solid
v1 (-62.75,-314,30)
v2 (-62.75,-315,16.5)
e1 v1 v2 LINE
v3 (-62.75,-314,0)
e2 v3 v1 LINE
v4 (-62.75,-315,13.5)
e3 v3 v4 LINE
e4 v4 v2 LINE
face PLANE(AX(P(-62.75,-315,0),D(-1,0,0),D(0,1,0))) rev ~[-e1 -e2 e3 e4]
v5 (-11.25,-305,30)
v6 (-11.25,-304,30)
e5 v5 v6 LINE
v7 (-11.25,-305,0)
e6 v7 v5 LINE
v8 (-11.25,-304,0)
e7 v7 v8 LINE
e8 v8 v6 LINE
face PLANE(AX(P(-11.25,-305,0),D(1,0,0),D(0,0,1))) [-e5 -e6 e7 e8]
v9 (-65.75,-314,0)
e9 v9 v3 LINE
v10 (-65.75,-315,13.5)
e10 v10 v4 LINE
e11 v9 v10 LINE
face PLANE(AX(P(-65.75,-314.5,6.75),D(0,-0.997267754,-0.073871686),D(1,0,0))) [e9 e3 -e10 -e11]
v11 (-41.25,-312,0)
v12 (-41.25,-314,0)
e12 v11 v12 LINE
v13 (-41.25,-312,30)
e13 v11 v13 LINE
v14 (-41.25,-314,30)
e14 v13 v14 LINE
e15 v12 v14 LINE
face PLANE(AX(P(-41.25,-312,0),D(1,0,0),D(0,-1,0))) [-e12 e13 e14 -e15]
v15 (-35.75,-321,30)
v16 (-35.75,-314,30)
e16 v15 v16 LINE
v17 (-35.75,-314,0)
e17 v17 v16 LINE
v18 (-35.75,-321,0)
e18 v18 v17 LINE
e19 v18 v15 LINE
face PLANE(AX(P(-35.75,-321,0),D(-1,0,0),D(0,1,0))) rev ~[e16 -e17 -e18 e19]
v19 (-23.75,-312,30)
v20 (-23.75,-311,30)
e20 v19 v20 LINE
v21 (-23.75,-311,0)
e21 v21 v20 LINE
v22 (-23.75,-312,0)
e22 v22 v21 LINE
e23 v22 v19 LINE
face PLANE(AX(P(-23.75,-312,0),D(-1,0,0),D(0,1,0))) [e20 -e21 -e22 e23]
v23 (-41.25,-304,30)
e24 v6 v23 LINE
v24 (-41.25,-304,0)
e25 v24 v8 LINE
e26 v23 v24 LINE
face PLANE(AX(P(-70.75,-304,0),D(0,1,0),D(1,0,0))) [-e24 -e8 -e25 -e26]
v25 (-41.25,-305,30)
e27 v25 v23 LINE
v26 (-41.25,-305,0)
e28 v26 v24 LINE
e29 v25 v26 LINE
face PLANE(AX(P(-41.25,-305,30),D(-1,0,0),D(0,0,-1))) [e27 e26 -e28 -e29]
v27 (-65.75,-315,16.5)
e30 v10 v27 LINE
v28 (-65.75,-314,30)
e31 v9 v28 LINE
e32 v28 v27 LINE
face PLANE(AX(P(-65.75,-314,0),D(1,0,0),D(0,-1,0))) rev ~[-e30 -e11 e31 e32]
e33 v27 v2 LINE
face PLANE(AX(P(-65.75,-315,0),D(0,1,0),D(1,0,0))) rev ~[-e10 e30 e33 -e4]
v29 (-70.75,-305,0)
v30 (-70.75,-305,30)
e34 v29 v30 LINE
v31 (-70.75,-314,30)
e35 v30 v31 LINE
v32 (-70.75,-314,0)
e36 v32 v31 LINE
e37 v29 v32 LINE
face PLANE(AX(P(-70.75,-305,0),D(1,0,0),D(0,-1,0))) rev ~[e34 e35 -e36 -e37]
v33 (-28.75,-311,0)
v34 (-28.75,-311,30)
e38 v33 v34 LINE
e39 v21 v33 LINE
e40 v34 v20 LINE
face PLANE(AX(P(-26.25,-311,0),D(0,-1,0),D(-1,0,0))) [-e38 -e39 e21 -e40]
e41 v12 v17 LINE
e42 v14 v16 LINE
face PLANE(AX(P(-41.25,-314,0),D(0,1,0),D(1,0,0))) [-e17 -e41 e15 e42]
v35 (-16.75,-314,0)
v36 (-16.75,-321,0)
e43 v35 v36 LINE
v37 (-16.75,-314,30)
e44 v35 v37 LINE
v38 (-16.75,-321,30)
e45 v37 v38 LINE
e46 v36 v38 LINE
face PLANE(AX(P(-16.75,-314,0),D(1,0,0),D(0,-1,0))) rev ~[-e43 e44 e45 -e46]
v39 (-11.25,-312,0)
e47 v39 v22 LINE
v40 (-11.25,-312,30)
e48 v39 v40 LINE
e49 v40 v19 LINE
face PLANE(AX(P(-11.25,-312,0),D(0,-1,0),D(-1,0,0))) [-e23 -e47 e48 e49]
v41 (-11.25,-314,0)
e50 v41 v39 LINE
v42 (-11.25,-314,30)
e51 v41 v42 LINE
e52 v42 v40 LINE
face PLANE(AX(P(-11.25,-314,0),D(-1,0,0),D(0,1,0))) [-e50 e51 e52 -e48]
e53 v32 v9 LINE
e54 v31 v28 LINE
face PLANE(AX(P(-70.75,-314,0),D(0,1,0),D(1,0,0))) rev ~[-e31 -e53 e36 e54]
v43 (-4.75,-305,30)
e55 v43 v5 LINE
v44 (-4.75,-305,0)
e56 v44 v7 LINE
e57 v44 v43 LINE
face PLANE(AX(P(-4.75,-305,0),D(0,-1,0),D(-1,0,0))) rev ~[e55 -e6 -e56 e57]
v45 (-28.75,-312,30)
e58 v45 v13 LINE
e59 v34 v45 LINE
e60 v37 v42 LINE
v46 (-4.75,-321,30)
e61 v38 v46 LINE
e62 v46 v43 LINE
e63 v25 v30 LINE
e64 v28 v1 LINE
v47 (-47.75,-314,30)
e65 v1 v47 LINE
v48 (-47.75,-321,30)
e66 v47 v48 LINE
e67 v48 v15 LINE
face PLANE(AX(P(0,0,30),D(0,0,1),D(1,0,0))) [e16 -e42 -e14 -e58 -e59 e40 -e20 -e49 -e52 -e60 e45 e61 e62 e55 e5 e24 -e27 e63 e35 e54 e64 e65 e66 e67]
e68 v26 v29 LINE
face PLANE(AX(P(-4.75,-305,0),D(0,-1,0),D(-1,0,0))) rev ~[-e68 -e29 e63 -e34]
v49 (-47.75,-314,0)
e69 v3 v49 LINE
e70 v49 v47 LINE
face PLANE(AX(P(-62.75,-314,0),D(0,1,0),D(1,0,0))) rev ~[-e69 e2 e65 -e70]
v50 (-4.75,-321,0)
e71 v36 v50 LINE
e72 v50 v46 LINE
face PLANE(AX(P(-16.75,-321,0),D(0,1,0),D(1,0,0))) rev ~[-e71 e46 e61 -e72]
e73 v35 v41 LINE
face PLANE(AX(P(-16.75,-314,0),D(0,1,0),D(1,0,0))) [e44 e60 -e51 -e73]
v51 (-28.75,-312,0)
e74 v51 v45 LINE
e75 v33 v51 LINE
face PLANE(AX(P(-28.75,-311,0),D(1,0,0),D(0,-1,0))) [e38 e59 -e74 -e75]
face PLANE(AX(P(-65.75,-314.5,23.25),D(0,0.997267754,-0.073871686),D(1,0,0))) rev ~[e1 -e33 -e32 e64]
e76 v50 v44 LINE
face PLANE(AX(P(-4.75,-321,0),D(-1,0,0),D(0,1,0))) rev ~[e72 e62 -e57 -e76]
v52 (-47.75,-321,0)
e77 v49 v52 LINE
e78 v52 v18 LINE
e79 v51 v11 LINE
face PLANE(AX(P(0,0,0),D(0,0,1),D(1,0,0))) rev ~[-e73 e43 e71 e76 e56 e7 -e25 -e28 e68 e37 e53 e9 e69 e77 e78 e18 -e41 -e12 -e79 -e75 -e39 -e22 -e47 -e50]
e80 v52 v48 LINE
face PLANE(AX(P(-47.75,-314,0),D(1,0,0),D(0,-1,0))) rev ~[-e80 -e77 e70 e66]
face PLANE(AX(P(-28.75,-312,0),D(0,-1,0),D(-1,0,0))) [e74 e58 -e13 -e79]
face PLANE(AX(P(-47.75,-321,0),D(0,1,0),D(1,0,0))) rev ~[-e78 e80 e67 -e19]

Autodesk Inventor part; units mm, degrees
ref_plane "YZ Plane" through (0, 0, 0) normal (1, 0, 0) x (0, 1, 0)
ref_plane "XZ Plane" through (0, 0, 0) normal (0, 1, 0) x (-1, 0, 0)
ref_plane "XY Plane" through (0, 0, 0) normal (0, 0, 1) x (1, 0, 0)
sketch "Skizze1" plane through (0, 0, 0) normal (0, 0, 1) x (1, 0, 0)
  line L0 (-41.25, -314) -> (-33.75, -314) projected
  line L1 (-41.25, -312) -> (-41.25, -314) projected
  line L2 (-11.25, -312) -> (-41.25, -312) projected
  line L3 (-18.75, -314) -> (-11.25, -314) projected
  line L4 (-11.25, -314) -> (-11.25, -312) projected
  line L5 (-18.75, -314) -> (-16.75, -314)
  line L6 (-16.75, -314) -> (-16.75, -321)
  line L7 (-16.75, -321) -> (-4.75, -321)
  line L8 (-4.75, -321) -> (-4.75, -305)
  line L9 (-4.75, -305) -> (-70.75, -305)
  line L10 (-70.75, -305) -> (-70.75, -314)
  line L11 (-47.75, -314) -> (-47.75, -321)
  line L12 (-47.75, -321) -> (-35.75, -321)
  line L13 (-35.75, -321) -> (-35.75, -314)
  line L14 (-35.75, -314) -> (-33.75, -314)
  line L15 (-70.75, -314) -> (-65.75, -314)
  line L16 (-65.75, -314) -> (-65.75, -315)
  line L17 (-65.75, -315) -> (-62.75, -315)
  line L18 (-62.75, -315) -> (-62.75, -314)
  line L19 (-62.75, -314) -> (-47.75, -314)
  line L20 (-23.75, -312) -> (-23.75, -311)
  line L21 (-23.75, -311) -> (-26.25, -311)
  line L22 (-26.25, -311) -> (-28.75, -311)
  line L23 (-28.75, -311) -> (-28.75, -312)
  line L24 (-26.25, -311) -> (-26.25, -312) construction
  point P0 (0, 0)
  point P1 (-64.25, -315)
  dimension "d0" = 2
  dimension "d1" = 7
  dimension "d2" = 12
  dimension "d3" = 16
  dimension "d4" = 12
  dimension "d5" = 2
  dimension "d6" = 3
  dimension "d7" = 38
  dimension "d8" = 5
  dimension "d9" = 1
  dimension "d20" = 1
  dimension "d21" = 5
extrude "Extrusion1" add sketch "Skizze1" along normal blind 30 contours L0 L13 L12 L11 L19 L18 L17 L16 L15 L10 L9 L8 L7 L6 L3 L4 L2 L20 L21 L22 L23 L1
chamfer "Fasen1" distance 1 distance2 13.5 1 edges at (-64.25, -315, 30) measured on face at (-34.75, -307, 30)
chamfer "Fasen2" distance 1 distance2 13.5 1 edges at (-64.25, -315, 0) measured on face at (-34.75, -307, 0)
sketch "Skizze2" plane through (-70.75, -305, 0) normal (0, 1, 0) x (1, 0, 0)
  line L0 (29.5, 0) -> (59.5, 0) projected
  line L1 (59.5, 0) -> (59.5, -30) projected
  line L2 (29.5, 0) -> (59.5, 0)
  line L3 (59.5, 0) -> (59.5, -30)
  line L4 (59.5, -30) -> (29.5, -30)
  line L5 (29.5, -30) -> (29.5, 0)
  point P0 (70.75, 0)
extrude "Extrusion2" add sketch "Skizze2" along normal blind 1
properties part number "KatzeFEM" material "Aluminium 6061, Katze"
